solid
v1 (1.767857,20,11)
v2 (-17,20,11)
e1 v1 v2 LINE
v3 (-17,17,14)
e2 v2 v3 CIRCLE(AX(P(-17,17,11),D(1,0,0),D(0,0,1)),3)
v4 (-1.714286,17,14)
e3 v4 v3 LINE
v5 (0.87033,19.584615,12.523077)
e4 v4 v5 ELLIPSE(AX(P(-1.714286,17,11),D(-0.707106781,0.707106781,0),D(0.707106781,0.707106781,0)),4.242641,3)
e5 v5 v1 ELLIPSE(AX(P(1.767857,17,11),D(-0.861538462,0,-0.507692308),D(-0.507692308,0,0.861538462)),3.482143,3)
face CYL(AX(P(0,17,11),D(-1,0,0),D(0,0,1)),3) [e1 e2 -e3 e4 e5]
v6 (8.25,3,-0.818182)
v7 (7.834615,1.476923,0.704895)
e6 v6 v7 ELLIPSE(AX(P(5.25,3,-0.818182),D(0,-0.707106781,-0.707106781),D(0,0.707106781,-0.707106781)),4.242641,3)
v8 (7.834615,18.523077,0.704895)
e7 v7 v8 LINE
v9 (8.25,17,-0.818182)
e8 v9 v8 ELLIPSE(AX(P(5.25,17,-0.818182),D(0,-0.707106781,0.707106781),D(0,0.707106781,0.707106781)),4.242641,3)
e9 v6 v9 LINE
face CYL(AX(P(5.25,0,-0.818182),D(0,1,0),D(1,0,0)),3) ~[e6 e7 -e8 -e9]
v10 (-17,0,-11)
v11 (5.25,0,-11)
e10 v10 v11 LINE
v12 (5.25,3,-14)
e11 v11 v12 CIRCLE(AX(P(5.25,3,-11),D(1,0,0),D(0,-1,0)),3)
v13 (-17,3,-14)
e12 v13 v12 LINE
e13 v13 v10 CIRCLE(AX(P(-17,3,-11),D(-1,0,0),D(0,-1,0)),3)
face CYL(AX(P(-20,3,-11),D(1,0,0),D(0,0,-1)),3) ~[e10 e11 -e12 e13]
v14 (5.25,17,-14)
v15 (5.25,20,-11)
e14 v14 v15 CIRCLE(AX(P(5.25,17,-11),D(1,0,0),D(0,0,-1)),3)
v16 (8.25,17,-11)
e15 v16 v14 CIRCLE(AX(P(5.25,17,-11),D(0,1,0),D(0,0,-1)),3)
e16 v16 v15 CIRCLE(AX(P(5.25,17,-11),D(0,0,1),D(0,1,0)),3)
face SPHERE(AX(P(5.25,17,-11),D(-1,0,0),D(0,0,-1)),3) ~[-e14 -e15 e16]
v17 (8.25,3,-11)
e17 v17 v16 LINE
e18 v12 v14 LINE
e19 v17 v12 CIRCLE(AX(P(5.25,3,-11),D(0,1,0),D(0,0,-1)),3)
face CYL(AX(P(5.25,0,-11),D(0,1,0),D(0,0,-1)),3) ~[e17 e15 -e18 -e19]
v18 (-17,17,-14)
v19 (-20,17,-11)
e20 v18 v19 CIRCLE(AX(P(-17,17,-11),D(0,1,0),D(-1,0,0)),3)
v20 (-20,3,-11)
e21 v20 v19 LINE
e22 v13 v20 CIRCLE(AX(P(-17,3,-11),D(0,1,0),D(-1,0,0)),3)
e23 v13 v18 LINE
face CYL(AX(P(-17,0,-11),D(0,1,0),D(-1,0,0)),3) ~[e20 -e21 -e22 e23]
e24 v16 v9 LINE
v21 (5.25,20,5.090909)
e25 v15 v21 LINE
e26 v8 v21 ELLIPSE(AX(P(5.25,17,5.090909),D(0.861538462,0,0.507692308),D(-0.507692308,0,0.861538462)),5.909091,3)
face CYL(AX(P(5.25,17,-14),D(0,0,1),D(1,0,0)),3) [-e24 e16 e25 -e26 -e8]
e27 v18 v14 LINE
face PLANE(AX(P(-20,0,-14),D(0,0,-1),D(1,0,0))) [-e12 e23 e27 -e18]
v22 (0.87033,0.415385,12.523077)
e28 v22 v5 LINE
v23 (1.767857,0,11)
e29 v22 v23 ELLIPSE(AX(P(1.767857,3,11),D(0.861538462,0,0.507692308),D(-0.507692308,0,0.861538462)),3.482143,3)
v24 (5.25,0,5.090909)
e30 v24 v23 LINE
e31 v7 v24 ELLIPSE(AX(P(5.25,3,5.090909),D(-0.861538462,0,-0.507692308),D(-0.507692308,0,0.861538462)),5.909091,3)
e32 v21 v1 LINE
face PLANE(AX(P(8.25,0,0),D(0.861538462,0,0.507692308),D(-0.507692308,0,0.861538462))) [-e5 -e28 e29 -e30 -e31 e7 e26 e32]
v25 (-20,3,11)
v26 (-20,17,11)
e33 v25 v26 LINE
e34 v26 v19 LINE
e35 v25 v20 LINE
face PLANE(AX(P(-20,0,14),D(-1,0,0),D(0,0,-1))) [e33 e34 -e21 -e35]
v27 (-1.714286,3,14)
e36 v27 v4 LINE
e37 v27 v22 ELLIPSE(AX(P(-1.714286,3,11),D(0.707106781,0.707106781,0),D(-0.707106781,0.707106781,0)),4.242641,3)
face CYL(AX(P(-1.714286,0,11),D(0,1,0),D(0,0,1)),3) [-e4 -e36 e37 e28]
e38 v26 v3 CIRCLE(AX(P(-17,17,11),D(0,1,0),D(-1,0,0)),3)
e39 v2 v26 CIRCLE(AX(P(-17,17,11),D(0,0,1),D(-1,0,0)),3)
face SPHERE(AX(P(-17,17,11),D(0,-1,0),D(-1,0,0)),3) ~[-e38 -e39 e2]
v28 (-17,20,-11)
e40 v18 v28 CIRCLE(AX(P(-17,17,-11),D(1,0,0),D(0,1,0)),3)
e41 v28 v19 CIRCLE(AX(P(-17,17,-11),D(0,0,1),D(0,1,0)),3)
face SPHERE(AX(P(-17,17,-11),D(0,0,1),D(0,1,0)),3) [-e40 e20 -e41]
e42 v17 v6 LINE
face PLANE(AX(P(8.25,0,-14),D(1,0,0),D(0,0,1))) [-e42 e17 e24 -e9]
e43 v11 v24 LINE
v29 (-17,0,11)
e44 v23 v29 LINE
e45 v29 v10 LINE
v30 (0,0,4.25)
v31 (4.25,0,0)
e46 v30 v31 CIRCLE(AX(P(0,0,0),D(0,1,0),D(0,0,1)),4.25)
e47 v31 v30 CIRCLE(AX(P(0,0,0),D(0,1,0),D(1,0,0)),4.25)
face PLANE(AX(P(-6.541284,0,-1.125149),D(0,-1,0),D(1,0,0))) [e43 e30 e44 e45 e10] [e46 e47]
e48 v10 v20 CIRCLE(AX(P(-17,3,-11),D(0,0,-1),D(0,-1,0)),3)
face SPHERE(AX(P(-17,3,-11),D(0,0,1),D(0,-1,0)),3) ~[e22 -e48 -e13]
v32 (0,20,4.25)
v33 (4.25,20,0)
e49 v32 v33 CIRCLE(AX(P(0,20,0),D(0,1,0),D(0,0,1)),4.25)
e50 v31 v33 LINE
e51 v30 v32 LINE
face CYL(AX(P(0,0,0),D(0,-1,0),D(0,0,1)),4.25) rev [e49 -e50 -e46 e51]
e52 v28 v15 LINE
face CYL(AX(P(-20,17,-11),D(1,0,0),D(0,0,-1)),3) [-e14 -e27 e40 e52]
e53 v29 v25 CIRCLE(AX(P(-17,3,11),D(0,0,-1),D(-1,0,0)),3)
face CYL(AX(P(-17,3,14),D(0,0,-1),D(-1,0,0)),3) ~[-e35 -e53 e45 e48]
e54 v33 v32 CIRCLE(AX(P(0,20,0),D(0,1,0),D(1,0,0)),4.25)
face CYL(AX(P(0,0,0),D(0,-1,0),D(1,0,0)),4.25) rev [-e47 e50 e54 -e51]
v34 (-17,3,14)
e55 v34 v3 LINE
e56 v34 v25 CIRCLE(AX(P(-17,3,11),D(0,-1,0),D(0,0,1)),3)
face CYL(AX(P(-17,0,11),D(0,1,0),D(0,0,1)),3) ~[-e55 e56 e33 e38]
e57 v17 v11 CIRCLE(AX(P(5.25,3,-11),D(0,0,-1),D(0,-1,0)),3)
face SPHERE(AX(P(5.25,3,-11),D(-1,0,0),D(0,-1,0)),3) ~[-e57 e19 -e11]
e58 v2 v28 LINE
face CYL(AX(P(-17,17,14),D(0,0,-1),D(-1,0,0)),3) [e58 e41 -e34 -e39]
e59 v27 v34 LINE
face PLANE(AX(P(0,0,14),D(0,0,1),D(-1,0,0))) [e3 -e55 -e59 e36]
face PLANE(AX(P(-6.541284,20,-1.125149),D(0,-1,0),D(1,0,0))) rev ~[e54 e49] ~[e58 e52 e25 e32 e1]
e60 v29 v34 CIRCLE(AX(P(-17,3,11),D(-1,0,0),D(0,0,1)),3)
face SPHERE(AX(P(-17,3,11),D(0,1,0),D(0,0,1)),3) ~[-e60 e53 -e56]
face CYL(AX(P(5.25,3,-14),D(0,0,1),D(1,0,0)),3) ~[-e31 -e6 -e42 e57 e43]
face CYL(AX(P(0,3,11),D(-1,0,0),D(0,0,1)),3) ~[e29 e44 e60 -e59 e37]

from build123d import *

# Parameters (mm, degrees)
F1_DEPTH = 20
F2_R     = 3


with BuildPart() as f1:
    # F0 (on Front) → F1 (new body)
    with BuildSketch(Plane.XZ):
        with BuildLine():
            Line((8.25, 0), (4.25, 0))
            ThreePointArc((4.25, 0), (-3.00520382, -3.00520382), (0, 4.25))
            Line((0, 4.25), (0, 14))
            Line((0, 14), (-20, 14))
            Line((-20, 14), (-20, 0))
            Line((-20, 0), (-20, -14))
            Line((-20, -14), (0, -14))
            Line((0, -14), (8.25, -14))
            Line((8.25, -14), (8.25, 0))
        make_face()
        with BuildLine():
            ThreePointArc((0, 4.25), (3.00520382, 3.00520382), (4.25, 0))
            Line((4.25, 0), (8.25, 0))
            Line((8.25, 0), (0, 14))
            Line((0, 14), (0, 4.25))
        make_face()
    extrude(amount=-F1_DEPTH)

    # F2
    f2_edges = [f1.edges().sort_by_distance(p)[0] for p in [
        (0, 10, 14),
        (8.25, 10, 0),
        (-20, 10, 14),
        (-20, 20, 0),
        (-10, 0, 14),
        (-20, 0, 0),
        (-5.875, 0, -14),
        (8.25, 0, -7),
        (-10, 20, 14),
        (-5.875, 20, -14),
        (8.25, 10, -14),
        (8.25, 20, -7),
        (-20, 10, -14),
    ]]
    fillet(f2_edges, radius=F2_R)


solid = f1.part
